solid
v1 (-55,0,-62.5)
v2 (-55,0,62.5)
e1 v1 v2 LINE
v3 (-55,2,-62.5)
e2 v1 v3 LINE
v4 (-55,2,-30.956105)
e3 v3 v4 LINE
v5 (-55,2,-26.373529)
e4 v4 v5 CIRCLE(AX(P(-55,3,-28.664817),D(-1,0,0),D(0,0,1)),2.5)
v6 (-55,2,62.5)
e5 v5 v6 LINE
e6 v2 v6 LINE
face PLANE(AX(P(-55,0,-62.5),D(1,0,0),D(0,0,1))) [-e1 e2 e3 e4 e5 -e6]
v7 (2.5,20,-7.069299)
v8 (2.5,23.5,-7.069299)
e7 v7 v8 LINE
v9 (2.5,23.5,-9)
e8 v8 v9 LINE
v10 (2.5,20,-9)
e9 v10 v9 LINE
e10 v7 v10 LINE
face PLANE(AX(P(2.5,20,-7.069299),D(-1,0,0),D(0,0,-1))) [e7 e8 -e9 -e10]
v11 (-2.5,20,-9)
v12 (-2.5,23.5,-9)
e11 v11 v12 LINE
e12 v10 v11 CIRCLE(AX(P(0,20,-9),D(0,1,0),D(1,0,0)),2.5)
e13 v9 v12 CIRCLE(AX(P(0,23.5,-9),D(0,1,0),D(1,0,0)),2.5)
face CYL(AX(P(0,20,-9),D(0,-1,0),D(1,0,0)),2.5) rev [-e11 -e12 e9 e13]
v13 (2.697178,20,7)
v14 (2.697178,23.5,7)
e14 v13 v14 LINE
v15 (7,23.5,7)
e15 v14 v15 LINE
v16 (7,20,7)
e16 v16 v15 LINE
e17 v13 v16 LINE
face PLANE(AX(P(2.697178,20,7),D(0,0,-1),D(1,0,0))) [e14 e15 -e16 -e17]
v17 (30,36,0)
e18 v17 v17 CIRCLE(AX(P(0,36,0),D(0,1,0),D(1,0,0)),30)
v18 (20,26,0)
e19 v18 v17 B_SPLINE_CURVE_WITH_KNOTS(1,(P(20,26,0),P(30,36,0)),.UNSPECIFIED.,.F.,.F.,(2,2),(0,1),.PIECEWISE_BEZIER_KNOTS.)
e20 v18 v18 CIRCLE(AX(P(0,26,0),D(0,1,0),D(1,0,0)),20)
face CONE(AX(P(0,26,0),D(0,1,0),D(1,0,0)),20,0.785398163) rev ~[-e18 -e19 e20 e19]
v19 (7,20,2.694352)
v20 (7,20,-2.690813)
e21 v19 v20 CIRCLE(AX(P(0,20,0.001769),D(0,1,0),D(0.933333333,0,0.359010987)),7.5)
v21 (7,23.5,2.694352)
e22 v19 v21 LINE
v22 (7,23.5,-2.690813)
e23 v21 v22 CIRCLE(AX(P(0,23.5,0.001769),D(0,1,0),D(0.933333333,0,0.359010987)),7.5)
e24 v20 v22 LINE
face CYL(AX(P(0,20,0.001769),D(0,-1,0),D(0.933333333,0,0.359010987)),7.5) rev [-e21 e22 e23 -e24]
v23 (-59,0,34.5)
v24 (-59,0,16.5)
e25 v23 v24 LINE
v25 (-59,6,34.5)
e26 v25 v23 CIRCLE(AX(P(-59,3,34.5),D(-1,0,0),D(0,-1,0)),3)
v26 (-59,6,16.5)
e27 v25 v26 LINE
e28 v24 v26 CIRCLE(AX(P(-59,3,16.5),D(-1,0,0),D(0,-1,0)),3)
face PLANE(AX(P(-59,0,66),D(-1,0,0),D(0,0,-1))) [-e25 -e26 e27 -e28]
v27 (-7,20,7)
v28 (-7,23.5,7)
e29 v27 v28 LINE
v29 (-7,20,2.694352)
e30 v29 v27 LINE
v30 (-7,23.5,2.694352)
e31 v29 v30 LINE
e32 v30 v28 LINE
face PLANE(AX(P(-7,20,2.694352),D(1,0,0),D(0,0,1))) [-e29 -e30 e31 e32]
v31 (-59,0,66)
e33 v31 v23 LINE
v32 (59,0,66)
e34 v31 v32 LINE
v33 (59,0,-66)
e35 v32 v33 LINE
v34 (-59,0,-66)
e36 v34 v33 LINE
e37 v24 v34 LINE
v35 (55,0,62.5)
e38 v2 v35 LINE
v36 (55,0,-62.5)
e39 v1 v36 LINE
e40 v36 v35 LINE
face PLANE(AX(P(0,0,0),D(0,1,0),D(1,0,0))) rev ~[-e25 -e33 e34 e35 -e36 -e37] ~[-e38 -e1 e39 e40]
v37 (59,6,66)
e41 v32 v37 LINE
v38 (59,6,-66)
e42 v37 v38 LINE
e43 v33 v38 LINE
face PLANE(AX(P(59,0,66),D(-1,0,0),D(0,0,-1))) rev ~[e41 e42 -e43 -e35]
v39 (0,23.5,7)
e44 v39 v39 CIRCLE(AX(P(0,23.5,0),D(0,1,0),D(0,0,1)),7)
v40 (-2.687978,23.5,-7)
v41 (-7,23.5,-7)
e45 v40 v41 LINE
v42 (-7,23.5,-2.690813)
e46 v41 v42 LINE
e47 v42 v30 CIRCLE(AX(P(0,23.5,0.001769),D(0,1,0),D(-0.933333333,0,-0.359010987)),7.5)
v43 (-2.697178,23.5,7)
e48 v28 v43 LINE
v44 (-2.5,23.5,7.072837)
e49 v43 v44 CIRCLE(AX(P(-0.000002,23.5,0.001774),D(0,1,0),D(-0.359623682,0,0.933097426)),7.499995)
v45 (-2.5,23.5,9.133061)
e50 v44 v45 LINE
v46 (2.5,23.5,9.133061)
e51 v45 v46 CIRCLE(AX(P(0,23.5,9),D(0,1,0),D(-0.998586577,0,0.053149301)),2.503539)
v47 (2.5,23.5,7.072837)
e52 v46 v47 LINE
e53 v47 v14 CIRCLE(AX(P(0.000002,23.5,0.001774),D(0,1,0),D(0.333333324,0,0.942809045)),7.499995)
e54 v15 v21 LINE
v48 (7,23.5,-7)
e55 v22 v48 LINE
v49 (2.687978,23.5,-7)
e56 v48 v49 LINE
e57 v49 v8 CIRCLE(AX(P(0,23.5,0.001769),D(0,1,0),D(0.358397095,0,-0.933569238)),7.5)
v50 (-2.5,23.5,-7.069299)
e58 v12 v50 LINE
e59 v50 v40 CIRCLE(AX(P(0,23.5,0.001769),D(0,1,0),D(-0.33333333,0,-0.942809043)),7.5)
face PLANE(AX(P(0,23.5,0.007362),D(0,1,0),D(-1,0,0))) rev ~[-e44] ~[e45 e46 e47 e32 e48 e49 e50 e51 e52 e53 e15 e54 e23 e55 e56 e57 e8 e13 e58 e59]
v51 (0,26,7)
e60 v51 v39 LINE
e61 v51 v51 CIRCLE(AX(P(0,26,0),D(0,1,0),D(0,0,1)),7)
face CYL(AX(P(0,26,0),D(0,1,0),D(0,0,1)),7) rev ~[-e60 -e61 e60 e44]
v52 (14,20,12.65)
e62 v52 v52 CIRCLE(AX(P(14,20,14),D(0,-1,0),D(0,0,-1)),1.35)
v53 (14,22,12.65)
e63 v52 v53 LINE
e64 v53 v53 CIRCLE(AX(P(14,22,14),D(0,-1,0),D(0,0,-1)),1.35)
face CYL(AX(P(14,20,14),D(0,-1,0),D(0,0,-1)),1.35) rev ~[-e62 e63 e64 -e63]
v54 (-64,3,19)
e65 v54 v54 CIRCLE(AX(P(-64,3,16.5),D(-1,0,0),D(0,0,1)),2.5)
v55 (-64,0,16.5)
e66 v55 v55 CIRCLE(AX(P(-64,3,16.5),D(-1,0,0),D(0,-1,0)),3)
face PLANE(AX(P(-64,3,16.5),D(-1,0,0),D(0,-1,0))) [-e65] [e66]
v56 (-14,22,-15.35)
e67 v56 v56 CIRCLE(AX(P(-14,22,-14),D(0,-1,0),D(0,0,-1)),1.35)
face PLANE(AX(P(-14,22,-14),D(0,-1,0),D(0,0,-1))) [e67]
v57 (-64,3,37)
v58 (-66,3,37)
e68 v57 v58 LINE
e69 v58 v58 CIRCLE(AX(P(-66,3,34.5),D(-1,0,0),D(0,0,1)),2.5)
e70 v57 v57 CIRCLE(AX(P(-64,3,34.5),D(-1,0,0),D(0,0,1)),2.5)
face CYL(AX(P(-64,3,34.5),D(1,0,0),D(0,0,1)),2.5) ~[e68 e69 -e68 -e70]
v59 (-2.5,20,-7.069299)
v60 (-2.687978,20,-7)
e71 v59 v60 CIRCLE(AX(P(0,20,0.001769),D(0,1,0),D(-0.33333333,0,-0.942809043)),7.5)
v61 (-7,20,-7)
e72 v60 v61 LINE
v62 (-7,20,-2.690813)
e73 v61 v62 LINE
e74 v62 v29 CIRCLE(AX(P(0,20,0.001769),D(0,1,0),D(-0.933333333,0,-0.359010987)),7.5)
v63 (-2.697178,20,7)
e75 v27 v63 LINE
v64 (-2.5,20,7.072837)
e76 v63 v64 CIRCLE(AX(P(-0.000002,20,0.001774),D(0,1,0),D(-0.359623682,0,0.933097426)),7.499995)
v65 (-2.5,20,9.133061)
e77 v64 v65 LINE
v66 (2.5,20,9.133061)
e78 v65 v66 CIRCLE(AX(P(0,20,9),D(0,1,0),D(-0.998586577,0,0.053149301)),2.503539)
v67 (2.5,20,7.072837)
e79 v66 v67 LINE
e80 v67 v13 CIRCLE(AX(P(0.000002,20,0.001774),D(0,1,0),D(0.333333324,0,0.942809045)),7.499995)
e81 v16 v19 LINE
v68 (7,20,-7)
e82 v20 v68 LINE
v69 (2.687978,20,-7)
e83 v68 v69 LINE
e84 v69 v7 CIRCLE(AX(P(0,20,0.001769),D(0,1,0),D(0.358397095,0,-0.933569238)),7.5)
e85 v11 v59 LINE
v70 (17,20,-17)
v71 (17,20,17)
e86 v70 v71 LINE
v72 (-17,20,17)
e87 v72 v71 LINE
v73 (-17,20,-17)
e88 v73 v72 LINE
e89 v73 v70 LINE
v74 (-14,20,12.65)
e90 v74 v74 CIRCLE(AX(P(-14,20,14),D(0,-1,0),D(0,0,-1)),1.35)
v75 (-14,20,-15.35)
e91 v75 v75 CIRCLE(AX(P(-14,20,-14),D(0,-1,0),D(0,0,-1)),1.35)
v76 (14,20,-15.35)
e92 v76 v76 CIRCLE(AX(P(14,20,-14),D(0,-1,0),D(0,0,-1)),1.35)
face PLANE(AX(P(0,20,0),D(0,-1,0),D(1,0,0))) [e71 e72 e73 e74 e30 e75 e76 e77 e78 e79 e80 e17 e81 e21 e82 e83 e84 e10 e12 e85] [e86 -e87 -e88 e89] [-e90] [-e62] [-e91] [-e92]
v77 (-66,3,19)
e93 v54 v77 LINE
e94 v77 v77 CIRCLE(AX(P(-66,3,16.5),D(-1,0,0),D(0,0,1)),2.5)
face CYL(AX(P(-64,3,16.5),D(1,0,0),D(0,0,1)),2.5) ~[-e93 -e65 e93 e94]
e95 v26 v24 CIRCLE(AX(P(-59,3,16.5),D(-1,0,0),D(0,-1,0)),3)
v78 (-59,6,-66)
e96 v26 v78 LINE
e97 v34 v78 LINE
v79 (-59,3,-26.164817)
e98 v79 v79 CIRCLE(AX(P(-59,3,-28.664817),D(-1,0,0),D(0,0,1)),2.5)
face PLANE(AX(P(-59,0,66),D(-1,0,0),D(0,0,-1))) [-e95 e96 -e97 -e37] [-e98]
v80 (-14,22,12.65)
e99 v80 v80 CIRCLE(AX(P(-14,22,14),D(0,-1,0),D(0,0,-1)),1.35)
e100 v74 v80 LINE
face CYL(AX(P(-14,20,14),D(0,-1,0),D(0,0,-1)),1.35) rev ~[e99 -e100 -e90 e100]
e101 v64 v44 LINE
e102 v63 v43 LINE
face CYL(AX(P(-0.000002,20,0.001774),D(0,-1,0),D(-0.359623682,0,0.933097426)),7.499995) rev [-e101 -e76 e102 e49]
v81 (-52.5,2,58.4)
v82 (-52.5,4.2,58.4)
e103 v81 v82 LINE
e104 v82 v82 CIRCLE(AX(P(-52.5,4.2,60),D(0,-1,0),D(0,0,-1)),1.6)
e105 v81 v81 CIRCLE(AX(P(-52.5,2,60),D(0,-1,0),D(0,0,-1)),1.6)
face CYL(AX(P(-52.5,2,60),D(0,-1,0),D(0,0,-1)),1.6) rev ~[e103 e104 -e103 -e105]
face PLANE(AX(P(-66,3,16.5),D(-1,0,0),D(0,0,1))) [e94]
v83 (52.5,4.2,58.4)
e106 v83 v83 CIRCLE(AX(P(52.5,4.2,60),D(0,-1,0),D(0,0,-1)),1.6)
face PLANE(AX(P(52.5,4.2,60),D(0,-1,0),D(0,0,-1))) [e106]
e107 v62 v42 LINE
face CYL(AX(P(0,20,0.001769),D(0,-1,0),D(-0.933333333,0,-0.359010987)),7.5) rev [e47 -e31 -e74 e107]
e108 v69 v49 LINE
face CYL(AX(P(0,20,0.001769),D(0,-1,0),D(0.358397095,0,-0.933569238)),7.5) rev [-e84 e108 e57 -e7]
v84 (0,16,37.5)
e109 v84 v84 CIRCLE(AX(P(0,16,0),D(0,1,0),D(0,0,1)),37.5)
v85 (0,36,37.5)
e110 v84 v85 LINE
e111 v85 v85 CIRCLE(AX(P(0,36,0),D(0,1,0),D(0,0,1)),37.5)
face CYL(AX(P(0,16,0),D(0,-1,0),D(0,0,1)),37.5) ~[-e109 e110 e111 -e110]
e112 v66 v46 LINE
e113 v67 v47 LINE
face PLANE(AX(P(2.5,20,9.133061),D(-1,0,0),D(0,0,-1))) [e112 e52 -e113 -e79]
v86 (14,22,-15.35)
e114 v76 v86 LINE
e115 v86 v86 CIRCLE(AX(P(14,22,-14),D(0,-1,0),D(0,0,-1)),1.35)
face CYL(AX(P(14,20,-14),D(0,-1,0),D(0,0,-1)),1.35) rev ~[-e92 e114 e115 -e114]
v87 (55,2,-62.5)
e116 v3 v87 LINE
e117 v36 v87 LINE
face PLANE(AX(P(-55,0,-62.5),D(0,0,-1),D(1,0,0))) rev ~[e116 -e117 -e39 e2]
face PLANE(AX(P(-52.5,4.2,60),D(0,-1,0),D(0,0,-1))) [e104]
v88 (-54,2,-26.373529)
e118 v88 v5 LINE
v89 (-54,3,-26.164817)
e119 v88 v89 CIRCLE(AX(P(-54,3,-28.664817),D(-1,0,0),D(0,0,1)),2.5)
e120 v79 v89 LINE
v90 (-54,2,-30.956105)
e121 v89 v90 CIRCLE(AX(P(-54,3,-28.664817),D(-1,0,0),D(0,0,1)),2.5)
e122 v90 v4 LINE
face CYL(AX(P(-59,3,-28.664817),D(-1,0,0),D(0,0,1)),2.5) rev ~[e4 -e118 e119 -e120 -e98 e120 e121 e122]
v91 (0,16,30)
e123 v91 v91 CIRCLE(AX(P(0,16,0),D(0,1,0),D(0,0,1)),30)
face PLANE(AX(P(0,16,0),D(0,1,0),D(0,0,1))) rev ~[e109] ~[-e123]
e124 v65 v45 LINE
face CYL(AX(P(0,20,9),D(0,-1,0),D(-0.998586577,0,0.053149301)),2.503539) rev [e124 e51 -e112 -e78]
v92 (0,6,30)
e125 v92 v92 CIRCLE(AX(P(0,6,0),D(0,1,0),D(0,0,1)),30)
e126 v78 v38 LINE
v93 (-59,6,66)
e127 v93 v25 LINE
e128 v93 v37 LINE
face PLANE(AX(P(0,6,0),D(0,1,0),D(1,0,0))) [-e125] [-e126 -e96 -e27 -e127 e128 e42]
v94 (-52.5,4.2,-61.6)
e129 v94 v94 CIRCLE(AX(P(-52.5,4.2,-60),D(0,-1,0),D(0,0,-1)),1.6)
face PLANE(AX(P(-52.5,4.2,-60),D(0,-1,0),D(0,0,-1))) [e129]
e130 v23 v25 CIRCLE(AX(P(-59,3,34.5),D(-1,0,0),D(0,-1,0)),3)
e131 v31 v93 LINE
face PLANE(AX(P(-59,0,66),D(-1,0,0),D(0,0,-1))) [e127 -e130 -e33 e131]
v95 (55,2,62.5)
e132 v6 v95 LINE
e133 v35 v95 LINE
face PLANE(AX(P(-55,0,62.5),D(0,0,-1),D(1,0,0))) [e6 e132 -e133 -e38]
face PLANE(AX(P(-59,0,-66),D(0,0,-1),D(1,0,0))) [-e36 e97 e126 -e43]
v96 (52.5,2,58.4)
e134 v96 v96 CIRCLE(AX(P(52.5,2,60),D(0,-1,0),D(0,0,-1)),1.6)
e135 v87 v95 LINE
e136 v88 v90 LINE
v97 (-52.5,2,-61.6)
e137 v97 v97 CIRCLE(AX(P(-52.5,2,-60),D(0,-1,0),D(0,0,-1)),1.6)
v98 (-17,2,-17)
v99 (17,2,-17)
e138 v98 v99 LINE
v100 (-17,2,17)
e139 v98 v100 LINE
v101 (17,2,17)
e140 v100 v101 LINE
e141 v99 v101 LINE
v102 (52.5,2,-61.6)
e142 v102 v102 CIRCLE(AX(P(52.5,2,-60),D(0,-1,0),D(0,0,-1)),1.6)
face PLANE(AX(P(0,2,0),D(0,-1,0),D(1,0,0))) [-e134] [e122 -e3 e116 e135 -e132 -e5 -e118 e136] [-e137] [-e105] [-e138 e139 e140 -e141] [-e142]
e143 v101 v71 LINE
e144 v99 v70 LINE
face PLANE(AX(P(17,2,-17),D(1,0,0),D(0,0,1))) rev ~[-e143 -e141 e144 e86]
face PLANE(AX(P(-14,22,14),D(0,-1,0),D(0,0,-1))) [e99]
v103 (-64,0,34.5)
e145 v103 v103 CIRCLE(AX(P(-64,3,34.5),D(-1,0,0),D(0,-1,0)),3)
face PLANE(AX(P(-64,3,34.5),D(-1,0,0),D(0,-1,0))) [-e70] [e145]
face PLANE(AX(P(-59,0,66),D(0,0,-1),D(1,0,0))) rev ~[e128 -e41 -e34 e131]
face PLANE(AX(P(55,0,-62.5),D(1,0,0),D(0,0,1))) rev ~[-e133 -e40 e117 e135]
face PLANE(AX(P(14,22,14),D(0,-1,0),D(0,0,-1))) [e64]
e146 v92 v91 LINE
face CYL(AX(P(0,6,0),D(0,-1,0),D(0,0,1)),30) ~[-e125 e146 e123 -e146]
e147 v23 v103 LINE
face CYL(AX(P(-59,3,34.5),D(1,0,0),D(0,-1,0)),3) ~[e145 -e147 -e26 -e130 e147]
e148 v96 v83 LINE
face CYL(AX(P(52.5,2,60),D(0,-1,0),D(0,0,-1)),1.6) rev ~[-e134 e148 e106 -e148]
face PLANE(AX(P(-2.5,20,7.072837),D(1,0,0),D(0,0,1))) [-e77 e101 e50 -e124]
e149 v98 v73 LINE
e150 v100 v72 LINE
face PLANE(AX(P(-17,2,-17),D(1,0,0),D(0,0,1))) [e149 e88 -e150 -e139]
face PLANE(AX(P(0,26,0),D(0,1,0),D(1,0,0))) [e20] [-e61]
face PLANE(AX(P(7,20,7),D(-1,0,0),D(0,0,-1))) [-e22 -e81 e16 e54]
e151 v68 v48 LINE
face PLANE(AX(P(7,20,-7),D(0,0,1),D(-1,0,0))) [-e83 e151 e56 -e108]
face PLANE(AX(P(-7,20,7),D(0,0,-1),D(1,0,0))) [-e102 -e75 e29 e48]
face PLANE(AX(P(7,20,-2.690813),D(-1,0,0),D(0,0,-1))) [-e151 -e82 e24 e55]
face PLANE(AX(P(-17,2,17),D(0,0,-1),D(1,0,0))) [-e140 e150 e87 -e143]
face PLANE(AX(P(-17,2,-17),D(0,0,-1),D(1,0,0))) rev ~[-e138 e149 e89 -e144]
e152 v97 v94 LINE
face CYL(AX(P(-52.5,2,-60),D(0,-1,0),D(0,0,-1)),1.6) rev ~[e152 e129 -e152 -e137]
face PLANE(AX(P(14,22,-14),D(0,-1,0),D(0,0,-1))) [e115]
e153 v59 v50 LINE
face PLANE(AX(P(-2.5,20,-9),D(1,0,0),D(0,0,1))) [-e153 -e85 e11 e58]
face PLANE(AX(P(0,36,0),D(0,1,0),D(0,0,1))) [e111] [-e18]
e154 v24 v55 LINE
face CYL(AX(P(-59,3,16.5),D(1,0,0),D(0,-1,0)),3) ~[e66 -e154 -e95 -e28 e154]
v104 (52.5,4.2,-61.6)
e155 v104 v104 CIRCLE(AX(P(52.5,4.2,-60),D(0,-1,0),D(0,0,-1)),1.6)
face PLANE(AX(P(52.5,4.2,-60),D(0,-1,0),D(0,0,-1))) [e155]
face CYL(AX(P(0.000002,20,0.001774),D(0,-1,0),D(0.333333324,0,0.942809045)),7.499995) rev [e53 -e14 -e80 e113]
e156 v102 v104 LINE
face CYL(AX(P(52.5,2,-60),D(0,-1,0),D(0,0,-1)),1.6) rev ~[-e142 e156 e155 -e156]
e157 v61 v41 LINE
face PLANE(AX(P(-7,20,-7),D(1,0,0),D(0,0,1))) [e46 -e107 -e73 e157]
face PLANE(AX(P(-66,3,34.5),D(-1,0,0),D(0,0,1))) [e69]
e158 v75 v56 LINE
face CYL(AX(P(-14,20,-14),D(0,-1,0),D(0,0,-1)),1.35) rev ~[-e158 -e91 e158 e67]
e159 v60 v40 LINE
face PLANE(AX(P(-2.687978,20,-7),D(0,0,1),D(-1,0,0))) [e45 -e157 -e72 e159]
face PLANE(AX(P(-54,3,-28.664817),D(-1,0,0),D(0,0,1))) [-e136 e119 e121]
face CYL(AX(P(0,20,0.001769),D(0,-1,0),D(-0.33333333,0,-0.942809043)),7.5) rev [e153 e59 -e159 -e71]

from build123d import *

# Parameters (mm, degrees)
SKETCH_1_W          = 118
SKETCH_1_H          = 132
EXTRUDE_1_DEPTH     = 6
SKETCH_2_W          = 110
SKETCH_2_H          = 125
CUT_EXTRUDE_1_DEPTH = 2
SKETCH_3_R          = 30
EXTRUDE_2_DEPTH     = 10
SKETCH_4_R          = 37.5
EXTRUDE_3_DEPTH     = 20
SKETCH_6_R          = 20
SKETCH_7_R          = 30
SKETCH_8_R          = 1.6
CUT_EXTRUDE_2_DEPTH = 2.2
SKETCH_10_W         = 34
SKETCH_10_H         = 34
CUT_EXTRUDE_3_DEPTH = 18
CUT_EXTRUDE_4_DEPTH = 3.5
SKETCH_12_R         = 7
CUT_EXTRUDE_5_DEPTH = 93.265920036
SKETCH_13_R         = 1.35
CUT_EXTRUDE_6_DEPTH = 2
SKETCH_14_R         = 3
EXTRUDE_4_DEPTH     = 5
SKETCH_15_R         = 2.5
EXTRUDE_5_DEPTH     = 2
SKETCH_16_R         = 2.5
CUT_EXTRUDE_7_DEPTH = 5


with BuildPart() as part:
    # 草图1 → 凸台-拉伸1 (new body)
    with BuildSketch(Plane(origin=(0, 0, 0), x_dir=(1, 0, 0), z_dir=(0, 1, 0))):
        Rectangle(SKETCH_1_W, SKETCH_1_H)
    extrude(amount=EXTRUDE_1_DEPTH)

    # 草图2 → 切除-拉伸1 (cut)
    with BuildSketch(Plane.XZ):
        Rectangle(SKETCH_2_W, SKETCH_2_H)
    extrude(amount=-CUT_EXTRUDE_1_DEPTH, mode=Mode.SUBTRACT)

    # 草图3 → 凸台-拉伸2 (add)
    with BuildSketch(Plane(origin=(0, 6, 0), x_dir=(1, 0, 0), z_dir=(0, 1, 0))):
        with Locations(Location((0, 0, 0), (0, 0, 270))):
            Circle(SKETCH_3_R)
    extrude(amount=EXTRUDE_2_DEPTH)

    # 草图4 → 凸台-拉伸3 (add)
    with BuildSketch(Plane(origin=(0, 16, 0), x_dir=(1, 0, 0), z_dir=(0, 1, 0))):
        with Locations(Location((0, 0, 0), (0, 0, 270))):
            Circle(SKETCH_4_R)
    extrude(amount=EXTRUDE_3_DEPTH)

    # 草图6 → 切除-放样2 section 0
    with BuildSketch(Plane(origin=(0, 26, 0), x_dir=(1, 0, 0), z_dir=(0, 1, 0))):
        Circle(SKETCH_6_R)
    # 草图7 → 切除-放样2 section 1
    with BuildSketch(Plane(origin=(0, 36, 0), x_dir=(1, 0, 0), z_dir=(0, 1, 0))):
        Circle(SKETCH_7_R)
    loft(mode=Mode.SUBTRACT)

    # 草图8 → 切除-拉伸2 (cut)
    with BuildSketch(Plane.XZ.offset(-2)):
        with Locations(Location((52.5, 60, 0), (0, 0, 270))):
            Circle(SKETCH_8_R)
        with Locations(Location((52.5, -60, 0), (0, 0, 270))):
            Circle(SKETCH_8_R)
        with Locations(Location((-52.5, -60, 0), (0, 0, 270))):
            Circle(SKETCH_8_R)
        with Locations(Location((-52.5, 60, 0), (0, 0, 270))):
            Circle(SKETCH_8_R)
    extrude(amount=-CUT_EXTRUDE_2_DEPTH, mode=Mode.SUBTRACT)

    # 草图10 → 切除-拉伸3 (cut)
    with BuildSketch(Plane.XZ.offset(-2)):
        Rectangle(SKETCH_10_W, SKETCH_10_H)
    extrude(amount=-CUT_EXTRUDE_3_DEPTH, mode=Mode.SUBTRACT)

    # 草图11 → 切除-拉伸4 (cut)
    with BuildSketch(Plane.XZ.offset(-20)):
        with BuildLine():
            Line((-2.687978229, -7), (-7, -7))
            Line((-7, -7), (-7, -2.690813124))
            ThreePointArc((-7, -2.690813124), (-7.5, 0.001769279), (-7, 2.694351683))
            Line((-7, 2.694351683), (-7, 7))
            Line((-7, 7), (-2.697177558, 7))
            ThreePointArc((-2.697177558, 7), (-2.598843965, 7.03710936), (-2.5, 7.072837091))
            Line((-2.5, 7.072837091), (-2.5, 9.133061324))
            ThreePointArc((-2.5, 9.133061324), (0, 11.503538559), (2.5, 9.133061324))
            Line((2.5, 9.133061324), (2.5, 7.072837091))
            ThreePointArc((2.5, 7.072837091), (2.598843965, 7.03710936), (2.697177558, 7))
            Line((2.697177558, 7), (7, 7))
            Line((7, 7), (7, 2.694351683))
            ThreePointArc((7, 2.694351683), (7.5, 0.001769279), (7, -2.690813124))
            Line((7, -2.690813124), (7, -7))
            Line((7, -7), (2.687978229, -7))
            ThreePointArc((2.687978229, -7), (2.594220518, -7.035276969), (2.5, -7.069298532))
            Line((2.5, -7.069298532), (2.5, -9))
            ThreePointArc((2.5, -9), (0, -11.5), (-2.5, -9))
            Line((-2.5, -9), (-2.5, -7.069298532))
            ThreePointArc((-2.5, -7.069298532), (-2.594220518, -7.035276969), (-2.687978229, -7))
        make_face()
    extrude(amount=-CUT_EXTRUDE_4_DEPTH, mode=Mode.SUBTRACT)

    # 草图12 → 切除-拉伸5 (cut, through all)
    with BuildSketch(Plane(origin=(0, 26, 0), x_dir=(1, 0, 0), z_dir=(0, 1, 0))):
        with Locations(Location((0, 0, 0), (0, 0, 270))):
            Circle(SKETCH_12_R)
    extrude(amount=-CUT_EXTRUDE_5_DEPTH, mode=Mode.SUBTRACT)

    # 草图13 → 切除-拉伸6 (cut)
    with BuildSketch(Plane.XZ.offset(-20)):
        with Locations(Location((-14, 14, 0), (0, 0, 270))):
            Circle(SKETCH_13_R)
        with Locations(Location((14, 14, 0), (0, 0, 270))):
            Circle(SKETCH_13_R)
        with Locations(Location((14, -14, 0), (0, 0, 270))):
            Circle(SKETCH_13_R)
        with Locations(Location((-14, -14, 0), (0, 0, 270))):
            Circle(SKETCH_13_R)
    extrude(amount=-CUT_EXTRUDE_6_DEPTH, mode=Mode.SUBTRACT)

    # 草图14 → 凸台-拉伸4 (add)
    with BuildSketch(Plane.ZY.offset(59)):
        with Locations(Location((34.5, 3, 0), (0, 0, 270))):
            Circle(SKETCH_14_R)
        with Locations(Location((16.5, 3, 0), (0, 0, 270))):
            Circle(SKETCH_14_R)
    extrude(amount=EXTRUDE_4_DEPTH)

    # 草图15 → 凸台-拉伸5 (add)
    with BuildSketch(Plane.ZY.offset(64)):
        with Locations((16.5, 3)):
            Circle(SKETCH_15_R)
        with Locations((34.5, 3)):
            Circle(SKETCH_15_R)
    extrude(amount=EXTRUDE_5_DEPTH)

    # 草图16 → 切除-拉伸7 (cut)
    with BuildSketch(Plane.ZY.offset(59)):
        with Locations((-28.664816868, 3)):
            Circle(SKETCH_16_R)
    extrude(amount=-CUT_EXTRUDE_7_DEPTH, mode=Mode.SUBTRACT)


solid = part.part
